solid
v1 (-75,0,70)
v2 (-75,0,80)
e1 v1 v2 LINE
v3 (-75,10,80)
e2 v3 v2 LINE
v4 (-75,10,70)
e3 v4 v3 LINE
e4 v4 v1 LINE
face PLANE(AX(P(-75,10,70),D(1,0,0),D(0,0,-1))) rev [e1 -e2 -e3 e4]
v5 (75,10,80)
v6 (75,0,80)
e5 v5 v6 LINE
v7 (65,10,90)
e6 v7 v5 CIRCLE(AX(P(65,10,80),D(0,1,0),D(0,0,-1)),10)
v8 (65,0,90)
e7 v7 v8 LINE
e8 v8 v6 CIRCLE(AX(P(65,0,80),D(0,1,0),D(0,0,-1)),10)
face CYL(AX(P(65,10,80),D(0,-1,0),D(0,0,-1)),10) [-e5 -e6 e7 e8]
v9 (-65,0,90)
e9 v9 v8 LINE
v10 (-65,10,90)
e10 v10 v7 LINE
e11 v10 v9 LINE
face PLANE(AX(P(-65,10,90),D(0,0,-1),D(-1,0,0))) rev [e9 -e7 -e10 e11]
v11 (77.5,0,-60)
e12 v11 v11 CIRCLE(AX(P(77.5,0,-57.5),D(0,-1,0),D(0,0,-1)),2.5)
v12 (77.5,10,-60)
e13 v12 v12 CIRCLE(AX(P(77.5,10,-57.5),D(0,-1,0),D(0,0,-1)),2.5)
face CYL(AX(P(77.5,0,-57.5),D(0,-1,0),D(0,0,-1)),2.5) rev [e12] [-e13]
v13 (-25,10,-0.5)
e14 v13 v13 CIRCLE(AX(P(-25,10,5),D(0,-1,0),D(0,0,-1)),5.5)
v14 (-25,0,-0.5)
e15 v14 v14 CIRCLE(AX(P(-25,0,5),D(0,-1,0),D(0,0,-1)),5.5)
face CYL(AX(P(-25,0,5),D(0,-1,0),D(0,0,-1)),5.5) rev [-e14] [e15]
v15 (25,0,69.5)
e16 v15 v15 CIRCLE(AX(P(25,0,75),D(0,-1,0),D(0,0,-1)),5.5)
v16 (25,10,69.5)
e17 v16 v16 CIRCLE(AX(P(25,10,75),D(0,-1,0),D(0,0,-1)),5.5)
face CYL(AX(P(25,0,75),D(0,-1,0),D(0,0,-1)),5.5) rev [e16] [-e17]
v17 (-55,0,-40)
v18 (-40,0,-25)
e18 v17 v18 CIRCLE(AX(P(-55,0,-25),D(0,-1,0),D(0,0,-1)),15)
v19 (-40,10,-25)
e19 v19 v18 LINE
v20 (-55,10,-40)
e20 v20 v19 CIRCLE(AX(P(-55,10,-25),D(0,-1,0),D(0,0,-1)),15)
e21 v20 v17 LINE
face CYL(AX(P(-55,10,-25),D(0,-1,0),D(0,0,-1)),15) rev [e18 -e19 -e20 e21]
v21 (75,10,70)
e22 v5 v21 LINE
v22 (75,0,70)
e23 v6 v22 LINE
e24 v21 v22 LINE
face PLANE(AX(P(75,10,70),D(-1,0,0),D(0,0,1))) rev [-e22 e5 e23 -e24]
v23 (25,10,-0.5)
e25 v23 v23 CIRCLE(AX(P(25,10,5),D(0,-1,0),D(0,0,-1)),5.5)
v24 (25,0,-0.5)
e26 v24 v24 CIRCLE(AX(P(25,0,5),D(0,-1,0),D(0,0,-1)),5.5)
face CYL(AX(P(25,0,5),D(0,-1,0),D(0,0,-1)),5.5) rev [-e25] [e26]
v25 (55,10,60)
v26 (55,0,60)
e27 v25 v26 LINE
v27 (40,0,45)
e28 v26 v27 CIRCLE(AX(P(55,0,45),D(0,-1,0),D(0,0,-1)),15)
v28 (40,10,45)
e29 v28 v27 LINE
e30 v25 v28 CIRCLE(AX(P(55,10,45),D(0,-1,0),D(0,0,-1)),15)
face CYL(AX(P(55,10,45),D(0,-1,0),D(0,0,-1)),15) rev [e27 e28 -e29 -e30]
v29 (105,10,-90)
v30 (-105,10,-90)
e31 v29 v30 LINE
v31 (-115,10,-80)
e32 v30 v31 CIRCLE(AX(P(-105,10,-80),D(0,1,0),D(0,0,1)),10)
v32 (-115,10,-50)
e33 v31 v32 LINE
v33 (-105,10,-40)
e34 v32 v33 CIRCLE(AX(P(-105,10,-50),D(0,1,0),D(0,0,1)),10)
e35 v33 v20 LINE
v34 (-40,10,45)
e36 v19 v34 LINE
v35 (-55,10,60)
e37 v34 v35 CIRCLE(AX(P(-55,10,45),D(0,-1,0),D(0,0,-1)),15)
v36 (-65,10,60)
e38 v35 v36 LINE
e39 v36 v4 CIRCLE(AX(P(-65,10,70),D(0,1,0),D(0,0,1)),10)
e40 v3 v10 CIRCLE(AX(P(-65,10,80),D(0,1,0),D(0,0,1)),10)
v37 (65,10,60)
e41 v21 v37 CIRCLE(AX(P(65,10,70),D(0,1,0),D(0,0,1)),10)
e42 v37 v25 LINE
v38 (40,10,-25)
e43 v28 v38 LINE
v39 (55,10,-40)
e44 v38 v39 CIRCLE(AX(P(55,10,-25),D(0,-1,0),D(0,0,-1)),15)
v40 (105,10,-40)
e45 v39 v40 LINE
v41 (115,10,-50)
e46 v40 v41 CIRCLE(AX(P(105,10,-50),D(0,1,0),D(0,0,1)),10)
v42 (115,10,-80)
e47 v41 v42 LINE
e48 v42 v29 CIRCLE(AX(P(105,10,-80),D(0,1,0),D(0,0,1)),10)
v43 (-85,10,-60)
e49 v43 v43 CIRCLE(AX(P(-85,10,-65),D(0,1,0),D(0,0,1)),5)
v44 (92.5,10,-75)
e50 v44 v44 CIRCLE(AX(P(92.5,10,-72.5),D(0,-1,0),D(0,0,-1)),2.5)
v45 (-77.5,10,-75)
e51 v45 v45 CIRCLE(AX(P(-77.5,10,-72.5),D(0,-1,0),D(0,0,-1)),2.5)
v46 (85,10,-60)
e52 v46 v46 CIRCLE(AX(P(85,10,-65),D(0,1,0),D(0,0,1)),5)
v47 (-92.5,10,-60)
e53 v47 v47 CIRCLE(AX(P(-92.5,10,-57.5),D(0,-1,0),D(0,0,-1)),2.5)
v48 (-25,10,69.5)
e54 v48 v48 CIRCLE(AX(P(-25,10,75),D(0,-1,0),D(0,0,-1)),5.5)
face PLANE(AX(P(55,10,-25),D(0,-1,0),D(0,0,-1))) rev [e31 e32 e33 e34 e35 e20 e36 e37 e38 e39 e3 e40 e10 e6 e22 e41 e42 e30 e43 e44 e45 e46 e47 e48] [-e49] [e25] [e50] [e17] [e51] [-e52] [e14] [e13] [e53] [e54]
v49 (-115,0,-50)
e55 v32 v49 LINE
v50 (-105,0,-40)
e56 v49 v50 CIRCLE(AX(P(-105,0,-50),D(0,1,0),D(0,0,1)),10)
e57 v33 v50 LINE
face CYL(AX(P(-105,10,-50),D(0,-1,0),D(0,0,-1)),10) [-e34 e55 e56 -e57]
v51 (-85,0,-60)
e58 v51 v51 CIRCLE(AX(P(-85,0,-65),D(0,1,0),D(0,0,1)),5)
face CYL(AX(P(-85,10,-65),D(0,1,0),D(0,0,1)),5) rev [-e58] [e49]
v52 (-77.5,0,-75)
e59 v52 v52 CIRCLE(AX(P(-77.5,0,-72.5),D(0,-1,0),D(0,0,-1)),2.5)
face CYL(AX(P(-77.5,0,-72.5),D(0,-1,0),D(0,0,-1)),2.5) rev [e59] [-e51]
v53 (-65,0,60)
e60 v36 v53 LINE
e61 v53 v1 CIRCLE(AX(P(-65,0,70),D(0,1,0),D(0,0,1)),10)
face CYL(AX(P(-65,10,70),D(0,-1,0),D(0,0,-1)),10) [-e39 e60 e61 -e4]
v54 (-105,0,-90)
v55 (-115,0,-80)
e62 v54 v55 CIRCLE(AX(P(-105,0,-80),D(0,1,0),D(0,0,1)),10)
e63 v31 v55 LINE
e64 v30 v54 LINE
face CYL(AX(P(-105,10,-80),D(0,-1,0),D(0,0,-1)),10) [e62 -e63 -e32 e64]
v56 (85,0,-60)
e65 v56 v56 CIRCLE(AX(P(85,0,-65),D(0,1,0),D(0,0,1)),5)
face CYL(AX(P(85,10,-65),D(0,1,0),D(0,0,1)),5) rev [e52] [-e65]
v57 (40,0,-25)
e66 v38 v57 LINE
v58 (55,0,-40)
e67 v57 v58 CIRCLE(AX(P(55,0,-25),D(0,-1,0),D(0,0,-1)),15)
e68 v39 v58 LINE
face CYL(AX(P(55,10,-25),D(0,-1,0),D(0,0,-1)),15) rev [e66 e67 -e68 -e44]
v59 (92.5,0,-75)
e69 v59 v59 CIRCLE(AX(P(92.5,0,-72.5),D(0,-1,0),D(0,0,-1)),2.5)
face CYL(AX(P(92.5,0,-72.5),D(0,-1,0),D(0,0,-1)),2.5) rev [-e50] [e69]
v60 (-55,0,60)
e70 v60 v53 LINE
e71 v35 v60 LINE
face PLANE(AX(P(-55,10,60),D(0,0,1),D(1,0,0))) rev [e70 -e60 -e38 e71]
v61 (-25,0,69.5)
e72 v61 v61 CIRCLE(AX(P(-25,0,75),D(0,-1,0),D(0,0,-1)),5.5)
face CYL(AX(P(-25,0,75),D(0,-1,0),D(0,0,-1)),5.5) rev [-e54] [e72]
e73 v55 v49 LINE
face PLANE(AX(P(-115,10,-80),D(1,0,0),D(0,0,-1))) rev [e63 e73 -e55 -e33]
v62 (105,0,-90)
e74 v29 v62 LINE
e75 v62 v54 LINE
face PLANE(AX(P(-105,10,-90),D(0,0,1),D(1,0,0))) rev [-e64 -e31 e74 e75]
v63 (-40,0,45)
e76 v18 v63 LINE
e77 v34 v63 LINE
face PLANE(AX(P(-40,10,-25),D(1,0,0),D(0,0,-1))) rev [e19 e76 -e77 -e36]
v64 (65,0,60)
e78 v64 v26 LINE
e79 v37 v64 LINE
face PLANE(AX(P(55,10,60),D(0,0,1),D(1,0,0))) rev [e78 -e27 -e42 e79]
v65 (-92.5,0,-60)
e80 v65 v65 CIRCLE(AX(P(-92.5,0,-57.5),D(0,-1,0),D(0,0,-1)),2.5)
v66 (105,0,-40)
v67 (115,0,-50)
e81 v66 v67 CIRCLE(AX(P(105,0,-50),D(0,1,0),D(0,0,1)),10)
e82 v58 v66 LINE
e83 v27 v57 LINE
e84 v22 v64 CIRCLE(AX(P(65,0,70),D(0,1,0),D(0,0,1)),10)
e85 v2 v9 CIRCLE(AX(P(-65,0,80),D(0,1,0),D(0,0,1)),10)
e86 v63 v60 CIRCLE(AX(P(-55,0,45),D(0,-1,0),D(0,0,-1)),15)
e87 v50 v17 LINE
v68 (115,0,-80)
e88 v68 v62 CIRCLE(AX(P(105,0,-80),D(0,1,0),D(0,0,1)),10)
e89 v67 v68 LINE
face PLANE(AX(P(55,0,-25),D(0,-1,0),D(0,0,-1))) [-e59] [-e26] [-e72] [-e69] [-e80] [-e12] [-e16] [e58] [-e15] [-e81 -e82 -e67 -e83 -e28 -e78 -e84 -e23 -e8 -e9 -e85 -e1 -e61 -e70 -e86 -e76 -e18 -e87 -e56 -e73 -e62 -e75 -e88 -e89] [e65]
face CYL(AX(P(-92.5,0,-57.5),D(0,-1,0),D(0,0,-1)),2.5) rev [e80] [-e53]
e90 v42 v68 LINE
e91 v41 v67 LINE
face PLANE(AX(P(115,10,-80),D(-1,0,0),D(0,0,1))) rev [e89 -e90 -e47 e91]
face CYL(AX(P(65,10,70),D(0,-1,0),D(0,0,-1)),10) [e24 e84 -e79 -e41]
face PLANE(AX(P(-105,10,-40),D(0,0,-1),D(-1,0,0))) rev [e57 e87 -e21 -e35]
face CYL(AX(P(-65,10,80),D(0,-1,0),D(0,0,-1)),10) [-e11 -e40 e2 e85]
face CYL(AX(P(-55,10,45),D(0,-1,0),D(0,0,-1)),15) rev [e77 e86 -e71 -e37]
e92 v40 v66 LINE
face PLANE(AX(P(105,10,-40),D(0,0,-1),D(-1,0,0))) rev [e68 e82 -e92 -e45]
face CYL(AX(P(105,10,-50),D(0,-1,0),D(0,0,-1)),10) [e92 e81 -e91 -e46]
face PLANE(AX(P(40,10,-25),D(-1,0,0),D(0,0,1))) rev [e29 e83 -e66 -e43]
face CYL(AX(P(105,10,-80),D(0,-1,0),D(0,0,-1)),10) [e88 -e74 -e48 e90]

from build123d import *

# Parameters (mm, degrees)
AUFSATZ_LINEAR_AUSTRAGEN1_DEPTH  = 10
F_10_0_10_DURCHMESSER_BOHRUNG1_D = 10
F_5_0_5_DURCHMESSER_BOHRUNG1_D   = 5
DURCHGANGSLOCH_F_R_M101_D        = 11


with BuildPart() as part:
    # Skizze1 → Aufsatz-Linear austragen1 (new body)
    with BuildSketch(Plane(origin=(0, 0, 0), x_dir=(1, 0, 0), z_dir=(0, 1, 0))):
        with BuildLine():
            Line((-105, 90), (105, 90))
            ThreePointArc((105, 90), (112.071067812, 87.071067812), (115, 80))
            Line((115, 80), (115, 50))
            ThreePointArc((115, 50), (112.071067812, 42.928932188), (105, 40))
            Line((105, 40), (55, 40))
            ThreePointArc((55, 40), (44.393398282, 35.606601718), (40, 25))
            Line((40, 25), (40, -45))
            ThreePointArc((40, -45), (44.393398282, -55.606601718), (55, -60))
            Line((55, -60), (65, -60))
            ThreePointArc((65, -60), (72.071067812, -62.928932188), (75, -70))
            Line((75, -70), (75, -80))
            ThreePointArc((75, -80), (72.071067812, -87.071067812), (65, -90))
            Line((65, -90), (-65, -90))
            ThreePointArc((-65, -90), (-72.071067812, -87.071067812), (-75, -80))
            Line((-75, -80), (-75, -70))
            ThreePointArc((-75, -70), (-72.071067812, -62.928932188), (-65, -60))
            Line((-65, -60), (-55, -60))
            ThreePointArc((-55, -60), (-44.393398282, -55.606601718), (-40, -45))
            Line((-40, -45), (-40, 25))
            ThreePointArc((-40, 25), (-44.393398282, 35.606601718), (-55, 40))
            Line((-55, 40), (-105, 40))
            ThreePointArc((-105, 40), (-112.071067812, 42.928932188), (-115, 50))
            Line((-115, 50), (-115, 80))
            ThreePointArc((-115, 80), (-112.071067812, 87.071067812), (-105, 90))
        make_face()
    extrude(amount=AUFSATZ_LINEAR_AUSTRAGEN1_DEPTH)

    # Ø10.0 (10) Durchmesser Bohrung1 (through all)
    with Locations(Plane(origin=(0, 10, 0), x_dir=(1, 0, 0), z_dir=(0, 1, 0))):
        with Locations((-85, 65), (85, 65)):
            Hole(F_10_0_10_DURCHMESSER_BOHRUNG1_D / 2)

    # Ø5.0 (5) Durchmesser Bohrung1 (through all)
    with Locations(Plane(origin=(0, 0, 0), x_dir=(-1, 0, 0), z_dir=(0, -1, 0))):
        with Locations((77.5, 72.5), (92.5, 57.5), (-92.5, 72.5), (-77.5, 57.5)):
            Hole(F_5_0_5_DURCHMESSER_BOHRUNG1_D / 2)

    # Durchgangsloch für M101 (through all)
    with Locations(Plane(origin=(0, 0, 0), x_dir=(-1, 0, 0), z_dir=(0, -1, 0))):
        with Locations((-25, -5), (-25, -75), (25, -5), (25, -75)):
            Hole(DURCHGANGSLOCH_F_R_M101_D / 2)


solid = part.part
